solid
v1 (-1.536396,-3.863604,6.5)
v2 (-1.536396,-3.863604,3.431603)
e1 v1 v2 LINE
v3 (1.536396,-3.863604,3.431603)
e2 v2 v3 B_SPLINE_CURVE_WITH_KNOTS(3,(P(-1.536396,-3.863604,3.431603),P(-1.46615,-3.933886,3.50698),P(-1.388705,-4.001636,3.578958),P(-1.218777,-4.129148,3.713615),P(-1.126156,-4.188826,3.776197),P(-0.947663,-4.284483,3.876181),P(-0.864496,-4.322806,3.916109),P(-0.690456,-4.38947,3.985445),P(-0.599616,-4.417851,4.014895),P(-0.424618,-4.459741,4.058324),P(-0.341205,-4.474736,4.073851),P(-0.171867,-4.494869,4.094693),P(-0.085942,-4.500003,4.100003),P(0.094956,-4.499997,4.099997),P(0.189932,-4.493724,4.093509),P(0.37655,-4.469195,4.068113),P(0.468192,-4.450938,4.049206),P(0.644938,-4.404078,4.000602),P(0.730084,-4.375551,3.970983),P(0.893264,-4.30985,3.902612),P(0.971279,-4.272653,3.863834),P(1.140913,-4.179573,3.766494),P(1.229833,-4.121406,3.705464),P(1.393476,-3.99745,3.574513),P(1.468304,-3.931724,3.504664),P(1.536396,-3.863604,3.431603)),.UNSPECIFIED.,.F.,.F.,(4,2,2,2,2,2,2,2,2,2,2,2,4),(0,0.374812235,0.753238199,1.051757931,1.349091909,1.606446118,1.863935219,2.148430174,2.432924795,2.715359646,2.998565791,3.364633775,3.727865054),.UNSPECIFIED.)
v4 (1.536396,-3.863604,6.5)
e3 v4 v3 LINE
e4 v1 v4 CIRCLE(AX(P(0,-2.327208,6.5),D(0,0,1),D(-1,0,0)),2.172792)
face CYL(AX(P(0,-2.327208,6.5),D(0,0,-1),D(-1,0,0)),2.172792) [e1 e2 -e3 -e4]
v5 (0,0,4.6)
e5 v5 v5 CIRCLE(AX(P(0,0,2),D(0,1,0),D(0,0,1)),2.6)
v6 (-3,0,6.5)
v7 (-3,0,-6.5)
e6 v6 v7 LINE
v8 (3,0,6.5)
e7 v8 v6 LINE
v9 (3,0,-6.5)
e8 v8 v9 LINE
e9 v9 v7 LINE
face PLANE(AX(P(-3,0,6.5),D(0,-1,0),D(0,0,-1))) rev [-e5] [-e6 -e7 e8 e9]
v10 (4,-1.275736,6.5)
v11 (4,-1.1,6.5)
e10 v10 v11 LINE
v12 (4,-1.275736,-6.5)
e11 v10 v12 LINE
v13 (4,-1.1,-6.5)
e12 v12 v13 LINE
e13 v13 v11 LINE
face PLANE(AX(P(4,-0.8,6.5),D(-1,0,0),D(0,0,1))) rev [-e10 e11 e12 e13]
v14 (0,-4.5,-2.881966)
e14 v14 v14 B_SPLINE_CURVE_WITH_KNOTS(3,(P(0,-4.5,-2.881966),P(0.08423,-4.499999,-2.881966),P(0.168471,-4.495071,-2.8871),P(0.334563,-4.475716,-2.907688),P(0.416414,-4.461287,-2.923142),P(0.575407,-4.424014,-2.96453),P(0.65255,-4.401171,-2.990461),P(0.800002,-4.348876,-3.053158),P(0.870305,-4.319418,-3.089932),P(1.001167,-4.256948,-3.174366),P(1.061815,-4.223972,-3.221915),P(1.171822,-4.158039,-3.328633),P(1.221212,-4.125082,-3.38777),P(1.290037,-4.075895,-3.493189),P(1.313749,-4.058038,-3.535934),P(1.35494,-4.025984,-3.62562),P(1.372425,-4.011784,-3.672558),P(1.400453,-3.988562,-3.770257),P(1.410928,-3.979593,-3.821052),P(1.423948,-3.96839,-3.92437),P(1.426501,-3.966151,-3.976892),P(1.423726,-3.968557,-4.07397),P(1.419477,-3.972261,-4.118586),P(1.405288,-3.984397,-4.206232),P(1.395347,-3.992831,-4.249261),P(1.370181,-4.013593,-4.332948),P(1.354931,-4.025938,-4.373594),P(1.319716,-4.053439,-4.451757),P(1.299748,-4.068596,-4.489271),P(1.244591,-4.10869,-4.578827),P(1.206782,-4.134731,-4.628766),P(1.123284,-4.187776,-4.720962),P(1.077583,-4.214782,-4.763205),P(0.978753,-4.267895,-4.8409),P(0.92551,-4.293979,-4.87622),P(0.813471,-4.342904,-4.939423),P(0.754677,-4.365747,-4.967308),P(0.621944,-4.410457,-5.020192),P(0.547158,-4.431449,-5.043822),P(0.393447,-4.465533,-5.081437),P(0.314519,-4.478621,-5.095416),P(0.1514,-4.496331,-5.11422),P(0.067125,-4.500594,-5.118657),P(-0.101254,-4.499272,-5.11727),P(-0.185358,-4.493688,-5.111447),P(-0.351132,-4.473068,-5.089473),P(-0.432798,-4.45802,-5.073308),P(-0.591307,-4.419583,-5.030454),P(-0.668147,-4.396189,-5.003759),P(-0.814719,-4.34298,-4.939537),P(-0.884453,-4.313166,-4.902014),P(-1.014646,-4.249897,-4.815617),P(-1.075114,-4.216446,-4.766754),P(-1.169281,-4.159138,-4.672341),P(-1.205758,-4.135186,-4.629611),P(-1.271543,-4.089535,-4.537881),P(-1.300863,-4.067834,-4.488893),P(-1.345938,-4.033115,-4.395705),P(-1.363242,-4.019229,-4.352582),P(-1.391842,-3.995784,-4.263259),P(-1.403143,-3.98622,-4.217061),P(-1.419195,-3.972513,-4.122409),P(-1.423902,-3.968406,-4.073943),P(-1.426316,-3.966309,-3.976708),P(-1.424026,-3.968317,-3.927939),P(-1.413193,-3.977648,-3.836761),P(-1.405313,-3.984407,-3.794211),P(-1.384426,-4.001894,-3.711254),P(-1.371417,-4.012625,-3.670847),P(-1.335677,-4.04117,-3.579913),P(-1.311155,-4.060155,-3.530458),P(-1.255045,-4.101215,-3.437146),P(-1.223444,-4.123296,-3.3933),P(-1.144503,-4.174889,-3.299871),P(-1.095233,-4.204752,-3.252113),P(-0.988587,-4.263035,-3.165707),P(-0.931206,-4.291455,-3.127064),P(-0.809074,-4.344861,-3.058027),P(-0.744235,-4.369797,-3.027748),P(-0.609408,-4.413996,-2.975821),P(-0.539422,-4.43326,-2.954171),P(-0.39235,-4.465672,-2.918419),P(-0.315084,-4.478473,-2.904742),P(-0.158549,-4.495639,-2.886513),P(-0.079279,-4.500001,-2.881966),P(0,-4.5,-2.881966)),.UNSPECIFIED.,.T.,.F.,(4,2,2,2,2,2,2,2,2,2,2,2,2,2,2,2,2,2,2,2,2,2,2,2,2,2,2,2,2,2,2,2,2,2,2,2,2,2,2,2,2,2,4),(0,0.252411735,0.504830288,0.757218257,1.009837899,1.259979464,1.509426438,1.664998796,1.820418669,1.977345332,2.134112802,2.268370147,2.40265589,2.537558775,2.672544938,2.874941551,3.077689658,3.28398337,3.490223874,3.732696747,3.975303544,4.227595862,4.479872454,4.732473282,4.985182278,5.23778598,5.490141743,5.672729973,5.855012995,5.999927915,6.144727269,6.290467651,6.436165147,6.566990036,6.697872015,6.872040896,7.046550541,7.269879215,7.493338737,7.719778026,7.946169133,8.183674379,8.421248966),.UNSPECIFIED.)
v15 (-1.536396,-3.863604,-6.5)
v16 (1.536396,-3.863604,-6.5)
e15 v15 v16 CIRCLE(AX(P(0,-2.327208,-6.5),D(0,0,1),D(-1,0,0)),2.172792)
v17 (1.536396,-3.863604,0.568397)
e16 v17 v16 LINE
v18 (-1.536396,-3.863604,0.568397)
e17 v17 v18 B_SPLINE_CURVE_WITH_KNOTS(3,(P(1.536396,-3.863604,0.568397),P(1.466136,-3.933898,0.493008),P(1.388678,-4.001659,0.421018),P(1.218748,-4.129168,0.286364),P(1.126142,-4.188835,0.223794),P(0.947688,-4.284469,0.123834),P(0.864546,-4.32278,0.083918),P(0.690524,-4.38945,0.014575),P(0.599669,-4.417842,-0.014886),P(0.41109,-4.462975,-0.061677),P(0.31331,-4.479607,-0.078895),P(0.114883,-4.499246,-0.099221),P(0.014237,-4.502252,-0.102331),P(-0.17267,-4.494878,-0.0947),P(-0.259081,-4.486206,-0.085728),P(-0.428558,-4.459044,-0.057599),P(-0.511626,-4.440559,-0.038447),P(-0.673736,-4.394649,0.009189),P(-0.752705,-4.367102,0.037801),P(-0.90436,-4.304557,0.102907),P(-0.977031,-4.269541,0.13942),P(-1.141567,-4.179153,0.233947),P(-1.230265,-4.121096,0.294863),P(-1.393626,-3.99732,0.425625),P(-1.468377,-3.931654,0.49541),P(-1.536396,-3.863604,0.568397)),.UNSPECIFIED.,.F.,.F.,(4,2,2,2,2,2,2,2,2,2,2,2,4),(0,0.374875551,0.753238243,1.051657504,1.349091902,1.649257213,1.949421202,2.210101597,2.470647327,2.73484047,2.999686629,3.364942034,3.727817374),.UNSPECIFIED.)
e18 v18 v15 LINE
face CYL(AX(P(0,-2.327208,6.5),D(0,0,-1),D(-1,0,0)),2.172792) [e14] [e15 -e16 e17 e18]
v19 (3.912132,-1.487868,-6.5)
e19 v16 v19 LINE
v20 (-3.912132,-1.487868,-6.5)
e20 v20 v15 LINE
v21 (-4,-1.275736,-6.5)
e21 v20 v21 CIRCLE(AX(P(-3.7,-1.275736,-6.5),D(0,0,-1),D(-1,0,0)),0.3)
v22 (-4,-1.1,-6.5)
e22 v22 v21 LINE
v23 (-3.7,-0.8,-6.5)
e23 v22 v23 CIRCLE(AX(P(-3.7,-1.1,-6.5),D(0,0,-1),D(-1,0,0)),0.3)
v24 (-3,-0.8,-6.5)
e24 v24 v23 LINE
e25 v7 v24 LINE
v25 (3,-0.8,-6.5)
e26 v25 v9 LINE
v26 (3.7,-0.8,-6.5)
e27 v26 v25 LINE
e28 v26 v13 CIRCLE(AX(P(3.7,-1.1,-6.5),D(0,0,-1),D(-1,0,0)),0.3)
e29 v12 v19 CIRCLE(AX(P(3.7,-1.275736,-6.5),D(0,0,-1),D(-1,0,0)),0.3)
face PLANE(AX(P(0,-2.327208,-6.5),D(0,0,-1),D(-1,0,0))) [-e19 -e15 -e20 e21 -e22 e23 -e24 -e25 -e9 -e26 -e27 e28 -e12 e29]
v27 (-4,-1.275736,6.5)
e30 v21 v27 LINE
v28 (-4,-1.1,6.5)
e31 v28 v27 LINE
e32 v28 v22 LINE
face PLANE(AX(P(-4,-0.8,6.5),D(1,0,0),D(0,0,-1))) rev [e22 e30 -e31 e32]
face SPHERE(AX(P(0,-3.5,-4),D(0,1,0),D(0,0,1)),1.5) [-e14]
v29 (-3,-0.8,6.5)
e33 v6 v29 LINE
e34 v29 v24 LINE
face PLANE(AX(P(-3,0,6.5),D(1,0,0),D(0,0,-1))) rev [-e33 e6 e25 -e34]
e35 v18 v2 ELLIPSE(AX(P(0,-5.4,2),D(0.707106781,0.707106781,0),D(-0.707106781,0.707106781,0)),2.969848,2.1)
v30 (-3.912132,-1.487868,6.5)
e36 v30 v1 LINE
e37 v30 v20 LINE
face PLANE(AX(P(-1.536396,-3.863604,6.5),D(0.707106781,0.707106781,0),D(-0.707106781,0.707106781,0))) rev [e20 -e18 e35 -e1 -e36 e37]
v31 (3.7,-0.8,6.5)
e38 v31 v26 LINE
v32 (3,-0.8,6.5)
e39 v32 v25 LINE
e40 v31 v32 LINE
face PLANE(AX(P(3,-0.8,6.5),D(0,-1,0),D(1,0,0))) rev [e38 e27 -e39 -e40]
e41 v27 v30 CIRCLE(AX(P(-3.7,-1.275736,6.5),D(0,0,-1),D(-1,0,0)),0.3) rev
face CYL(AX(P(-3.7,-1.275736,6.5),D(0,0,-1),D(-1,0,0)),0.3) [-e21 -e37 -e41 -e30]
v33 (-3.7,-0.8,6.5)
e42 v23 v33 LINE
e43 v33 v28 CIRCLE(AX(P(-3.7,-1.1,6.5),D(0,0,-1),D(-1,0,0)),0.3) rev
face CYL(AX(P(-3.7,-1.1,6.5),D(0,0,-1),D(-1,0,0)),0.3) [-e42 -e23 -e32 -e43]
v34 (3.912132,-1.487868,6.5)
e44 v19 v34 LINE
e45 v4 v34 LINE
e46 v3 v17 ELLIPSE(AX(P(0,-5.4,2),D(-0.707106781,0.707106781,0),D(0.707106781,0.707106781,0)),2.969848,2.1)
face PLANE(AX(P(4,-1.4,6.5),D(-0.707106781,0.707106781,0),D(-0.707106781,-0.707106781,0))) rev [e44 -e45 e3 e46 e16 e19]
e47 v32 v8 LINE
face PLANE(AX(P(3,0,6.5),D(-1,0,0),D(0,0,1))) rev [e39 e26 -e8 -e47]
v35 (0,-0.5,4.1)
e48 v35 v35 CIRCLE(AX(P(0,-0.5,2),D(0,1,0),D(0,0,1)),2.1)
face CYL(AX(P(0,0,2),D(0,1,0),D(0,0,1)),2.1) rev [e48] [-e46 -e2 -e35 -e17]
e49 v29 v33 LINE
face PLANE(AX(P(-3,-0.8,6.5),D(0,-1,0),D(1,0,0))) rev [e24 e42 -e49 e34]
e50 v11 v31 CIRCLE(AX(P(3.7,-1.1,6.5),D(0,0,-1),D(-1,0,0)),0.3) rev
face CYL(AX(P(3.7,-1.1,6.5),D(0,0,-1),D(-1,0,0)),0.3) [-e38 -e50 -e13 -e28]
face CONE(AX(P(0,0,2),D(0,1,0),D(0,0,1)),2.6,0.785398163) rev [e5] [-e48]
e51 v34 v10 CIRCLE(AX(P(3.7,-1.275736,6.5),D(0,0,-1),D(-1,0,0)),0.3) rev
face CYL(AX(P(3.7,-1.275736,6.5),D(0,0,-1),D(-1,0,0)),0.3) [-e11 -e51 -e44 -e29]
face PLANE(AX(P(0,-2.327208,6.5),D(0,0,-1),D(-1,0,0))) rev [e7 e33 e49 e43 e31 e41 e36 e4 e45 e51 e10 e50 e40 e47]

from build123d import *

# Parameters (mm, degrees)
EXTRUDE_1_DEPTH             = 6.5
HOLE_WIZARD_M51_D           = 4.2
HOLE_WIZARD_M51_CSINK_D     = 5.2
HOLE_WIZARD_M51_CSINK_ANGLE = 90
FILLET_1_R                  = 0.3


with BuildPart() as part:
    # Эскиз1 → Бобышка-Вытянуть1 (new body, symmetric)
    with BuildSketch(Plane.XY):
        with BuildLine():
            Line((-3, 0), (3, 0))
            Line((3, 0), (3, -0.8))
            Line((3, -0.8), (4, -0.8))
            Line((4, -0.8), (4, -1.4))
            Line((4, -1.4), (1.536396103, -3.863603897))
            ThreePointArc((1.536396103, -3.863603897), (0, -4.5), (-1.536396103, -3.863603897))
            Line((-1.536396103, -3.863603897), (-4, -1.4))
            Line((-4, -1.4), (-4, -0.8))
            Line((-4, -0.8), (-3, -0.8))
            Line((-3, -0.8), (-3, 0))
        make_face()
    extrude(amount=EXTRUDE_1_DEPTH, both=True)

    # Отверстие обработанное метчиком M51 (through all)
    with Locations(Plane(origin=(0, 0, 0), x_dir=(1, 0, 0), z_dir=(0, 1, 0))):
        with Locations((0, -2)):
            CounterSinkHole(HOLE_WIZARD_M51_D / 2, HOLE_WIZARD_M51_CSINK_D / 2, counter_sink_angle=HOLE_WIZARD_M51_CSINK_ANGLE)

    # Эскиз5 → Повернуть1 (revolve)
    with BuildSketch(Plane(origin=(0, 0, 0), x_dir=(0, 0, -1), z_dir=(1, 0, 0))):
        with BuildLine():
            Line((4, -2), (4, -5))
            ThreePointArc((4, -5), (2.5, -3.5), (4, -2))
        make_face()
    revolve(axis=Axis((0, -2, -4), (0, -1, 0)))

    # Скругление1
    fillet_1_edges = [part.edges().sort_by_distance(p)[0] for p in [
        (4, -0.8, 0),
        (4, -1.4, 0),
        (-4, -1.4, 0),
        (-4, -0.8, 0),
    ]]
    fillet(fillet_1_edges, radius=FILLET_1_R)


solid = part.part
